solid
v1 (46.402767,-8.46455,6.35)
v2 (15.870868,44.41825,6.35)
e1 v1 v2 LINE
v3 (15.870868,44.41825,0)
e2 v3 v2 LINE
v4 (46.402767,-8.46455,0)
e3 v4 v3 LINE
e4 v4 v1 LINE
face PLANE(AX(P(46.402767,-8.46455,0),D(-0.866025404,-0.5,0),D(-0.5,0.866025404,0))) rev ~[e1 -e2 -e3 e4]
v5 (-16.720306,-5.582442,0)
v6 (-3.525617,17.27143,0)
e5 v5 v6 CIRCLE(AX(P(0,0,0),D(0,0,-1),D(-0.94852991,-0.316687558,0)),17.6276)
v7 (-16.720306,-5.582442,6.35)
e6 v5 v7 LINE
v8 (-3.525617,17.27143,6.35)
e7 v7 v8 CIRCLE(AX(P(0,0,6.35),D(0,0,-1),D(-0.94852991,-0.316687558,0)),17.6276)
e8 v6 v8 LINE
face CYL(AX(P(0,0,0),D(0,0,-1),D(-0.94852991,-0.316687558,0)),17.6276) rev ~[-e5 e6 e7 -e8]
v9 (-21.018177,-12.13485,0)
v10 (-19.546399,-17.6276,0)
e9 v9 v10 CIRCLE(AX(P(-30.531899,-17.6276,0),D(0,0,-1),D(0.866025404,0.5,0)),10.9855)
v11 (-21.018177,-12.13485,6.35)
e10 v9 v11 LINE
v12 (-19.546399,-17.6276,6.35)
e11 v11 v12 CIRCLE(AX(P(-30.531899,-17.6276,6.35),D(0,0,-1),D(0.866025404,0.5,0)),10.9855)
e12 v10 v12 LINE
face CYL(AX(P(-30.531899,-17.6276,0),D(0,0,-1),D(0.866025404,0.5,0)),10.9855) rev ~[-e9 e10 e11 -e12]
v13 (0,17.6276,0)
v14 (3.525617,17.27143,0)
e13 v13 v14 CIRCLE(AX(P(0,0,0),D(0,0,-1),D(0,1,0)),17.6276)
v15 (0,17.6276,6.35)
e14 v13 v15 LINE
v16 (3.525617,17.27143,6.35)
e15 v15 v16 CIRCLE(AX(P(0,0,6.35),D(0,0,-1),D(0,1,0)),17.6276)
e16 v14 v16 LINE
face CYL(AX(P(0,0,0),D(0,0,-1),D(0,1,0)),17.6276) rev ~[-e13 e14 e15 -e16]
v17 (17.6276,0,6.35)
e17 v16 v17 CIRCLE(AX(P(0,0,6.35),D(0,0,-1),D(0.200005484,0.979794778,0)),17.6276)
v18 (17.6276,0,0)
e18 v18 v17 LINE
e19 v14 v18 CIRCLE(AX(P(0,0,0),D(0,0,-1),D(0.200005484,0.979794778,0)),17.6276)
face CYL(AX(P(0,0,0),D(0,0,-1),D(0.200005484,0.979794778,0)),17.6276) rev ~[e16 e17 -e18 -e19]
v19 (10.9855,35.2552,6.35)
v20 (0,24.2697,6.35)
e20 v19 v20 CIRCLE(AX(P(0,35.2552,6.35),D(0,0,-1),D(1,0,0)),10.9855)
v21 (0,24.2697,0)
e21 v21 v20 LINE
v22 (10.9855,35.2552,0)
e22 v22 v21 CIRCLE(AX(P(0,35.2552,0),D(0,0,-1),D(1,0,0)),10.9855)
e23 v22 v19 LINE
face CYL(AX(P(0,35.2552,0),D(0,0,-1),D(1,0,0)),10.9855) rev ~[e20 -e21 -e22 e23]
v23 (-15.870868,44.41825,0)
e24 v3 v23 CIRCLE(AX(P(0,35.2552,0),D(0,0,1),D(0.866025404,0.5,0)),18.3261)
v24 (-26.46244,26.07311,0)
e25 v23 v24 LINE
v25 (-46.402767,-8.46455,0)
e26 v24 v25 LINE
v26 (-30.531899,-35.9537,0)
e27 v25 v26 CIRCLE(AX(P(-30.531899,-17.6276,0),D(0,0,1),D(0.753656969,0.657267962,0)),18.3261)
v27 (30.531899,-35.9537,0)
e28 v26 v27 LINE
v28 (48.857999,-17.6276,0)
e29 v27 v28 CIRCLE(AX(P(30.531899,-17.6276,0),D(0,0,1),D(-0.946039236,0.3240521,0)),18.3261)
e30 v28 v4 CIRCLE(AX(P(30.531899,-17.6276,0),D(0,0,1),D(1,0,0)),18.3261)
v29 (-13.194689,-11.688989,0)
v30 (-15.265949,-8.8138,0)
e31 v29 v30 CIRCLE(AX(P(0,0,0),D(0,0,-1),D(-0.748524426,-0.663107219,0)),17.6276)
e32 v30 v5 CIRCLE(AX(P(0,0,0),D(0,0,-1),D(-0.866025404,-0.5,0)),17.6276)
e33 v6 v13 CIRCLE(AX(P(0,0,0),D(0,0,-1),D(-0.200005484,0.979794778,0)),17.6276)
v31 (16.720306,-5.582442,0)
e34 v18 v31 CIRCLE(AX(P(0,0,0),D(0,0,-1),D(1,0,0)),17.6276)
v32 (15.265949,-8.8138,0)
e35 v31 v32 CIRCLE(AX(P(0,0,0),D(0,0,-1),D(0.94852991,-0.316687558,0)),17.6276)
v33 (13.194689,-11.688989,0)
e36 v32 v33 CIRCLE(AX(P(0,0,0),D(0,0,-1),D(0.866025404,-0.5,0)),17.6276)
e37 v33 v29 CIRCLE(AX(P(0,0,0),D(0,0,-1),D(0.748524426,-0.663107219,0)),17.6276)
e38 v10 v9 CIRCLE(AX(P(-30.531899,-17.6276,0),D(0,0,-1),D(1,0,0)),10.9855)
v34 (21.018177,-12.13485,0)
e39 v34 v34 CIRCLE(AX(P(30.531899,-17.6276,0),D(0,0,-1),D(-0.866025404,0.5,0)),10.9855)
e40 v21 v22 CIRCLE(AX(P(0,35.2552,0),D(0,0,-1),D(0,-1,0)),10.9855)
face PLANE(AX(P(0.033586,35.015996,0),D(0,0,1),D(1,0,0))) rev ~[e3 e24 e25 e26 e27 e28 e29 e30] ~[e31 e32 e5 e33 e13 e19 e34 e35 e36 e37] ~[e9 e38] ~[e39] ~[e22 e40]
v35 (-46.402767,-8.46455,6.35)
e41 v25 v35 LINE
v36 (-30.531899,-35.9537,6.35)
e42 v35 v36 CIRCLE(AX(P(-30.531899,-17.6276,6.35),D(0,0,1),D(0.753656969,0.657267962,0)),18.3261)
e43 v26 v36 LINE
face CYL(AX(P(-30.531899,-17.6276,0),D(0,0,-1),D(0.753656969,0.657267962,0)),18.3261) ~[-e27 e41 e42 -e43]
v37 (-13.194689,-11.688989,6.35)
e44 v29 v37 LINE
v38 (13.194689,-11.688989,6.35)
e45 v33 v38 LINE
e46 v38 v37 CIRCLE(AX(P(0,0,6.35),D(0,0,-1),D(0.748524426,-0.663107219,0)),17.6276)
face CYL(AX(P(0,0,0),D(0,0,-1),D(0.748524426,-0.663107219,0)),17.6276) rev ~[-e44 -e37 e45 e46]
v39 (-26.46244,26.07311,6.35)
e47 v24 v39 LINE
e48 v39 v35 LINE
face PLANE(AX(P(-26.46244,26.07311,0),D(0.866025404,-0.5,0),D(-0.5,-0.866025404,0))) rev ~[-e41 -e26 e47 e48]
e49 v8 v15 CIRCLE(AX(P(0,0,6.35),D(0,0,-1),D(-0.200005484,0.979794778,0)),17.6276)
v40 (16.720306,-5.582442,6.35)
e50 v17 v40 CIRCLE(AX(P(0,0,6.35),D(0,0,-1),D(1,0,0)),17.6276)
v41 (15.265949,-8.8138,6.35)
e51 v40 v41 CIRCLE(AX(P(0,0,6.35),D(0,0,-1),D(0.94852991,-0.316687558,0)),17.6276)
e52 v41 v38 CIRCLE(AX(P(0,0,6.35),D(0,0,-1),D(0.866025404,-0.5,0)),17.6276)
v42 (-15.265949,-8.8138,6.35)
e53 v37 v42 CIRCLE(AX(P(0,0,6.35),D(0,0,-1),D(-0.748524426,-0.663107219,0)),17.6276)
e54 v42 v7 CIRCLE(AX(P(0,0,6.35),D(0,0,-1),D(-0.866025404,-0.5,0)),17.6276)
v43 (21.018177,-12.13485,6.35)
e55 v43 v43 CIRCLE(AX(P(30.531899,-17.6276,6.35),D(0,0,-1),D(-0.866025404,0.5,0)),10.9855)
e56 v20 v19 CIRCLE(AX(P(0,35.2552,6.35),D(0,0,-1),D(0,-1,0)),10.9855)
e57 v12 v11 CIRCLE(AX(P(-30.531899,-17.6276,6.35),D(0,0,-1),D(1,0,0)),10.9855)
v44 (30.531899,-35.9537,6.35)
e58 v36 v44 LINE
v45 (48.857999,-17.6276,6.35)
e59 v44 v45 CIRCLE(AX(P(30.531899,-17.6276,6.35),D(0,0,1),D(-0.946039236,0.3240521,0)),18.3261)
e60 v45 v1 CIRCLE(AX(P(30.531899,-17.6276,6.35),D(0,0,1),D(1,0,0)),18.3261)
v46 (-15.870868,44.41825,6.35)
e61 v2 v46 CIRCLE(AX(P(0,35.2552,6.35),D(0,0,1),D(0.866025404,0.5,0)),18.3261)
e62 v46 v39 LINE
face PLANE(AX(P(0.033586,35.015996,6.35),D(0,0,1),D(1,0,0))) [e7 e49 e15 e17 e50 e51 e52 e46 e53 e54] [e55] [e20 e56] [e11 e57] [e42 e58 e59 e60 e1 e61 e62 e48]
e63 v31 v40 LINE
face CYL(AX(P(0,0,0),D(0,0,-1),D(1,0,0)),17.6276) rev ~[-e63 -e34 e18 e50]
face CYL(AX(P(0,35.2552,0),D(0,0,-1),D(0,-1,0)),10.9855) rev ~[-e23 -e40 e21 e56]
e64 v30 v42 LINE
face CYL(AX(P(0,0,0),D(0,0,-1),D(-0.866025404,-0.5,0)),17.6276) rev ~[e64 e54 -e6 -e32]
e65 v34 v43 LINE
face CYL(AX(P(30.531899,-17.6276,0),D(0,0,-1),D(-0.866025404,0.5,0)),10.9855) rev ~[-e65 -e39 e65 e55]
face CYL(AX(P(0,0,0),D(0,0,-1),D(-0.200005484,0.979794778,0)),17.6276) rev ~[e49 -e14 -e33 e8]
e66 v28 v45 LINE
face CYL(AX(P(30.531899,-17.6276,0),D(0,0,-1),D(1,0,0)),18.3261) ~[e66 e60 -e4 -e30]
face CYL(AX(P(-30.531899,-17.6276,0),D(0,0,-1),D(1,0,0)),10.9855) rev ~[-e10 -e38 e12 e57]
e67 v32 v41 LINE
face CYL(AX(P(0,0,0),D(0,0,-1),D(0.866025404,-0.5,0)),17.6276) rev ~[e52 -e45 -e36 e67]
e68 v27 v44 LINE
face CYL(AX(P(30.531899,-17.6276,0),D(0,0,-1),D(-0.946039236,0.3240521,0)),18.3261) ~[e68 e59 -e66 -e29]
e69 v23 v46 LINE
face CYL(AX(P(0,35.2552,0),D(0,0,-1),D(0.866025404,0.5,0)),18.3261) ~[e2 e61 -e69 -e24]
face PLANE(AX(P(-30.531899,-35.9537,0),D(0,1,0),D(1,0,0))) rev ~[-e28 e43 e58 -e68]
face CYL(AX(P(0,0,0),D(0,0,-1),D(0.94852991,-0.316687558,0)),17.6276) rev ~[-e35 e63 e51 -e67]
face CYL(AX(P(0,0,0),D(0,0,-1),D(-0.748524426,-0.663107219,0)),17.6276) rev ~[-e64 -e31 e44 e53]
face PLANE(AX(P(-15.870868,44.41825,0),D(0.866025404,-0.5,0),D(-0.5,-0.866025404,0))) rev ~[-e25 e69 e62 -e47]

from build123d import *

# Parameters (mm, degrees)
F1_DEPTH = 6.35


with BuildPart() as f1:
    # F0 (on Top) → F1 (new body)
    with BuildSketch(Plane.XY):
        with BuildLine():
            ThreePointArc((-3.5256166775, 17.2714304215), (-1.7717808643, 17.538331572), (0, 17.6276))
            ThreePointArc((0, 17.6276), (1.7717808643, 17.538331572), (3.5256166775, 17.2714304215))
            ThreePointArc((3.5256166775, 17.2714304215), (10.6472673103, 20.33938155), (15.8626193296, 26.0778774485))
            ThreePointArc((15.8626193296, 26.0778774485), (17.699518204, 30.5040952278), (18.3261, 35.2552))
            ThreePointArc((18.3261, 35.2552), (17.7016532852, 39.9983437025), (15.8708681523, 44.41825))
            ThreePointArc((15.8708681523, 44.41825), (0, 53.5813), (-15.8708681523, 44.41825))
            ThreePointArc((-15.8708681523, 44.41825), (-18.3260981464, 35.2469575692), (-15.8626193013, 26.0778773996))
            ThreePointArc((-15.8626193013, 26.0778773996), (-10.6472672873, 20.3393815336), (-3.5256166775, 17.2714304215))
        make_face()
        with BuildLine():
            ThreePointArc((10.9855, 35.2552), (7.7679215447, 27.4872784553), (0, 24.2697))
            ThreePointArc((0, 24.2697), (-7.7679215447, 43.0231215447), (10.9855, 35.2552))
        make_face(mode=Mode.SUBTRACT)
        with BuildLine():
            ThreePointArc((16.7203058434, -5.5824416041), (16.0745311135, -7.2347585475), (15.2659494078, -8.8138))
            ThreePointArc((15.2659494078, -8.8138), (14.3027502492, -10.3035730244), (13.194689166, -11.6889888174))
            ThreePointArc((13.194689166, -11.6889888174), (15.6208706215, -28.2815748173), (30.5318988155, -35.9537))
            ThreePointArc((30.5318988155, -35.9537), (43.4904083982, -30.5861095827), (48.8579988155, -17.6276))
            ThreePointArc((48.8579988155, -17.6276), (48.2335521007, -12.8844562975), (46.4027669678, -8.46455))
            ThreePointArc((46.4027669678, -8.46455), (32.3029975616, 0.6127166212), (16.7203058434, -5.5824416041))
        make_face()
        with BuildLine():
            ThreePointArc((41.5173988155, -17.6276), (27.6886421955, -28.2387781647), (21.0181767422, -12.13485))
            ThreePointArc((21.0181767422, -12.13485), (33.3751554355, -7.0164218353), (41.5173988155, -17.6276))
        make_face(mode=Mode.SUBTRACT)
        with BuildLine():
            ThreePointArc((-13.194689166, -11.6889888174), (-14.3027502492, -10.3035730244), (-15.2659494078, -8.8138))
            ThreePointArc((-15.2659494078, -8.8138), (-16.0745311135, -7.2347585475), (-16.7203058434, -5.5824416041))
            ThreePointArc((-16.7203058434, -5.5824416041), (-32.3029975616, 0.6127166212), (-46.4027669678, -8.46455))
            ThreePointArc((-46.4027669678, -8.46455), (-46.4027669678, -26.79065), (-30.5318988155, -35.9537))
            ThreePointArc((-30.5318988155, -35.9537), (-17.5733892328, -30.5861095827), (-12.2057988155, -17.6276))
            ThreePointArc((-12.2057988155, -17.6276), (-12.4547118251, -14.6174086895), (-13.194689166, -11.6889888174))
        make_face()
        with BuildLine():
            ThreePointArc((-19.5463988155, -17.6276), (-41.1430769802, -20.47085662), (-21.0181767422, -12.13485))
            ThreePointArc((-21.0181767422, -12.13485), (-19.9207206508, -14.78434338), (-19.5463988155, -17.6276))
        make_face(mode=Mode.SUBTRACT)
        with BuildLine():
            ThreePointArc((30.5318988155, -35.9537), (15.6208706215, -28.2815748173), (13.194689166, -11.6889888174))
            ThreePointArc((13.194689166, -11.6889888174), (0, -17.6276), (-13.194689166, -11.6889888174))
            ThreePointArc((-13.194689166, -11.6889888174), (-12.4547118251, -14.6174086895), (-12.2057988155, -17.6276))
            ThreePointArc((-12.2057988155, -17.6276), (-17.5733892328, -30.5861095827), (-30.5318988155, -35.9537))
            Line((-30.5318988155, -35.9537), (5.47e-08, -35.9537))
            Line((5.47e-08, -35.9537), (30.5318988155, -35.9537))
        make_face()
        with BuildLine():
            ThreePointArc((6.1214, -29.8323), (4.3284834697, -34.160783431), (5.47e-08, -35.9537))
            ThreePointArc((5.47e-08, -35.9537), (-4.3284834697, -25.503816569), (6.1214, -29.8323))
        make_face(mode=Mode.SUBTRACT)
        with BuildLine():
            ThreePointArc((-16.7203058434, -5.5824416041), (-15.2659494078, 8.8138), (-3.5256166775, 17.2714304215))
            ThreePointArc((-3.5256166775, 17.2714304215), (-10.6472672873, 20.3393815336), (-15.8626193013, 26.0778773996))
            ThreePointArc((-15.8626193013, 26.0778773996), (-15.2490466612, 24.5994040567), (-15.0397518258, 23.012409891))
            ThreePointArc((-15.0397518258, 23.012409891), (-22.7454868429, 17.0995915686), (-26.4624396141, 26.0731100961))
            Line((-26.4624396141, 26.0731100961), (-46.4027669678, -8.46455))
            ThreePointArc((-46.4027669678, -8.46455), (-32.3029975616, 0.6127166212), (-16.7203058434, -5.5824416041))
        make_face()
        with BuildLine():
            ThreePointArc((15.8626193296, 26.0778774485), (10.6472673103, 20.33938155), (3.5256166775, 17.2714304215))
            ThreePointArc((3.5256166775, 17.2714304215), (13.6543114492, 11.1486349213), (17.6276, 0))
            ThreePointArc((17.6276, 0), (17.3992980468, -2.8278453348), (16.7203058434, -5.5824416041))
            ThreePointArc((16.7203058434, -5.5824416041), (32.3029975616, 0.6127166212), (46.4027669678, -8.46455))
            Line((46.4027669678, -8.46455), (26.4624396172, 26.0731100908))
            ThreePointArc((26.4624396172, 26.0731100908), (27.073970149, 24.5967449051), (27.2825518258, 23.012409891))
            ThreePointArc((27.2825518258, 23.012409891), (19.5741576328, 17.1003047336), (15.8626193296, 26.0778774485))
        make_face()
        with BuildLine():
            ThreePointArc((6.1214, -29.8323), (-4.3284834697, -25.503816569), (5.47e-08, -35.9537))
            ThreePointArc((5.47e-08, -35.9537), (4.3284834697, -34.160783431), (6.1214, -29.8323))
        make_face()
        with BuildLine():
            ThreePointArc((-15.0397518258, 23.012409891), (-15.2490466612, 24.5994040567), (-15.8626193013, 26.0778773996))
            ThreePointArc((-15.8626193013, 26.0778773996), (-21.163904945, 29.1338092719), (-26.4624396141, 26.0731100961))
            ThreePointArc((-26.4624396141, 26.0731100961), (-22.7454868429, 17.0995915686), (-15.0397518258, 23.012409891))
        make_face()
        with BuildLine():
            ThreePointArc((26.4624396172, 26.0731100908), (21.1639049763, 29.1338092718), (15.8626193296, 26.0778774485))
            ThreePointArc((15.8626193296, 26.0778774485), (19.5741576328, 17.1003047336), (27.2825518258, 23.012409891))
            ThreePointArc((27.2825518258, 23.012409891), (27.073970149, 24.5967449051), (26.4624396172, 26.0731100908))
        make_face()
        with BuildLine():
            ThreePointArc((-26.4624396141, 26.0731100961), (-21.163904945, 29.1338092719), (-15.8626193013, 26.0778773996))
            ThreePointArc((-15.8626193013, 26.0778773996), (-18.3260981464, 35.2469575692), (-15.8708681523, 44.41825))
            Line((-15.8708681523, 44.41825), (-26.4624396141, 26.0731100961))
        make_face()
        with BuildLine():
            ThreePointArc((18.3261, 35.2552), (17.699518204, 30.5040952278), (15.8626193296, 26.0778774485))
            ThreePointArc((15.8626193296, 26.0778774485), (21.1639049763, 29.1338092718), (26.4624396172, 26.0731100908))
            Line((26.4624396172, 26.0731100908), (15.8708681523, 44.41825))
            ThreePointArc((15.8708681523, 44.41825), (17.7016532852, 39.9983437025), (18.3261, 35.2552))
        make_face()
    extrude(amount=F1_DEPTH)


solid = f1.part
